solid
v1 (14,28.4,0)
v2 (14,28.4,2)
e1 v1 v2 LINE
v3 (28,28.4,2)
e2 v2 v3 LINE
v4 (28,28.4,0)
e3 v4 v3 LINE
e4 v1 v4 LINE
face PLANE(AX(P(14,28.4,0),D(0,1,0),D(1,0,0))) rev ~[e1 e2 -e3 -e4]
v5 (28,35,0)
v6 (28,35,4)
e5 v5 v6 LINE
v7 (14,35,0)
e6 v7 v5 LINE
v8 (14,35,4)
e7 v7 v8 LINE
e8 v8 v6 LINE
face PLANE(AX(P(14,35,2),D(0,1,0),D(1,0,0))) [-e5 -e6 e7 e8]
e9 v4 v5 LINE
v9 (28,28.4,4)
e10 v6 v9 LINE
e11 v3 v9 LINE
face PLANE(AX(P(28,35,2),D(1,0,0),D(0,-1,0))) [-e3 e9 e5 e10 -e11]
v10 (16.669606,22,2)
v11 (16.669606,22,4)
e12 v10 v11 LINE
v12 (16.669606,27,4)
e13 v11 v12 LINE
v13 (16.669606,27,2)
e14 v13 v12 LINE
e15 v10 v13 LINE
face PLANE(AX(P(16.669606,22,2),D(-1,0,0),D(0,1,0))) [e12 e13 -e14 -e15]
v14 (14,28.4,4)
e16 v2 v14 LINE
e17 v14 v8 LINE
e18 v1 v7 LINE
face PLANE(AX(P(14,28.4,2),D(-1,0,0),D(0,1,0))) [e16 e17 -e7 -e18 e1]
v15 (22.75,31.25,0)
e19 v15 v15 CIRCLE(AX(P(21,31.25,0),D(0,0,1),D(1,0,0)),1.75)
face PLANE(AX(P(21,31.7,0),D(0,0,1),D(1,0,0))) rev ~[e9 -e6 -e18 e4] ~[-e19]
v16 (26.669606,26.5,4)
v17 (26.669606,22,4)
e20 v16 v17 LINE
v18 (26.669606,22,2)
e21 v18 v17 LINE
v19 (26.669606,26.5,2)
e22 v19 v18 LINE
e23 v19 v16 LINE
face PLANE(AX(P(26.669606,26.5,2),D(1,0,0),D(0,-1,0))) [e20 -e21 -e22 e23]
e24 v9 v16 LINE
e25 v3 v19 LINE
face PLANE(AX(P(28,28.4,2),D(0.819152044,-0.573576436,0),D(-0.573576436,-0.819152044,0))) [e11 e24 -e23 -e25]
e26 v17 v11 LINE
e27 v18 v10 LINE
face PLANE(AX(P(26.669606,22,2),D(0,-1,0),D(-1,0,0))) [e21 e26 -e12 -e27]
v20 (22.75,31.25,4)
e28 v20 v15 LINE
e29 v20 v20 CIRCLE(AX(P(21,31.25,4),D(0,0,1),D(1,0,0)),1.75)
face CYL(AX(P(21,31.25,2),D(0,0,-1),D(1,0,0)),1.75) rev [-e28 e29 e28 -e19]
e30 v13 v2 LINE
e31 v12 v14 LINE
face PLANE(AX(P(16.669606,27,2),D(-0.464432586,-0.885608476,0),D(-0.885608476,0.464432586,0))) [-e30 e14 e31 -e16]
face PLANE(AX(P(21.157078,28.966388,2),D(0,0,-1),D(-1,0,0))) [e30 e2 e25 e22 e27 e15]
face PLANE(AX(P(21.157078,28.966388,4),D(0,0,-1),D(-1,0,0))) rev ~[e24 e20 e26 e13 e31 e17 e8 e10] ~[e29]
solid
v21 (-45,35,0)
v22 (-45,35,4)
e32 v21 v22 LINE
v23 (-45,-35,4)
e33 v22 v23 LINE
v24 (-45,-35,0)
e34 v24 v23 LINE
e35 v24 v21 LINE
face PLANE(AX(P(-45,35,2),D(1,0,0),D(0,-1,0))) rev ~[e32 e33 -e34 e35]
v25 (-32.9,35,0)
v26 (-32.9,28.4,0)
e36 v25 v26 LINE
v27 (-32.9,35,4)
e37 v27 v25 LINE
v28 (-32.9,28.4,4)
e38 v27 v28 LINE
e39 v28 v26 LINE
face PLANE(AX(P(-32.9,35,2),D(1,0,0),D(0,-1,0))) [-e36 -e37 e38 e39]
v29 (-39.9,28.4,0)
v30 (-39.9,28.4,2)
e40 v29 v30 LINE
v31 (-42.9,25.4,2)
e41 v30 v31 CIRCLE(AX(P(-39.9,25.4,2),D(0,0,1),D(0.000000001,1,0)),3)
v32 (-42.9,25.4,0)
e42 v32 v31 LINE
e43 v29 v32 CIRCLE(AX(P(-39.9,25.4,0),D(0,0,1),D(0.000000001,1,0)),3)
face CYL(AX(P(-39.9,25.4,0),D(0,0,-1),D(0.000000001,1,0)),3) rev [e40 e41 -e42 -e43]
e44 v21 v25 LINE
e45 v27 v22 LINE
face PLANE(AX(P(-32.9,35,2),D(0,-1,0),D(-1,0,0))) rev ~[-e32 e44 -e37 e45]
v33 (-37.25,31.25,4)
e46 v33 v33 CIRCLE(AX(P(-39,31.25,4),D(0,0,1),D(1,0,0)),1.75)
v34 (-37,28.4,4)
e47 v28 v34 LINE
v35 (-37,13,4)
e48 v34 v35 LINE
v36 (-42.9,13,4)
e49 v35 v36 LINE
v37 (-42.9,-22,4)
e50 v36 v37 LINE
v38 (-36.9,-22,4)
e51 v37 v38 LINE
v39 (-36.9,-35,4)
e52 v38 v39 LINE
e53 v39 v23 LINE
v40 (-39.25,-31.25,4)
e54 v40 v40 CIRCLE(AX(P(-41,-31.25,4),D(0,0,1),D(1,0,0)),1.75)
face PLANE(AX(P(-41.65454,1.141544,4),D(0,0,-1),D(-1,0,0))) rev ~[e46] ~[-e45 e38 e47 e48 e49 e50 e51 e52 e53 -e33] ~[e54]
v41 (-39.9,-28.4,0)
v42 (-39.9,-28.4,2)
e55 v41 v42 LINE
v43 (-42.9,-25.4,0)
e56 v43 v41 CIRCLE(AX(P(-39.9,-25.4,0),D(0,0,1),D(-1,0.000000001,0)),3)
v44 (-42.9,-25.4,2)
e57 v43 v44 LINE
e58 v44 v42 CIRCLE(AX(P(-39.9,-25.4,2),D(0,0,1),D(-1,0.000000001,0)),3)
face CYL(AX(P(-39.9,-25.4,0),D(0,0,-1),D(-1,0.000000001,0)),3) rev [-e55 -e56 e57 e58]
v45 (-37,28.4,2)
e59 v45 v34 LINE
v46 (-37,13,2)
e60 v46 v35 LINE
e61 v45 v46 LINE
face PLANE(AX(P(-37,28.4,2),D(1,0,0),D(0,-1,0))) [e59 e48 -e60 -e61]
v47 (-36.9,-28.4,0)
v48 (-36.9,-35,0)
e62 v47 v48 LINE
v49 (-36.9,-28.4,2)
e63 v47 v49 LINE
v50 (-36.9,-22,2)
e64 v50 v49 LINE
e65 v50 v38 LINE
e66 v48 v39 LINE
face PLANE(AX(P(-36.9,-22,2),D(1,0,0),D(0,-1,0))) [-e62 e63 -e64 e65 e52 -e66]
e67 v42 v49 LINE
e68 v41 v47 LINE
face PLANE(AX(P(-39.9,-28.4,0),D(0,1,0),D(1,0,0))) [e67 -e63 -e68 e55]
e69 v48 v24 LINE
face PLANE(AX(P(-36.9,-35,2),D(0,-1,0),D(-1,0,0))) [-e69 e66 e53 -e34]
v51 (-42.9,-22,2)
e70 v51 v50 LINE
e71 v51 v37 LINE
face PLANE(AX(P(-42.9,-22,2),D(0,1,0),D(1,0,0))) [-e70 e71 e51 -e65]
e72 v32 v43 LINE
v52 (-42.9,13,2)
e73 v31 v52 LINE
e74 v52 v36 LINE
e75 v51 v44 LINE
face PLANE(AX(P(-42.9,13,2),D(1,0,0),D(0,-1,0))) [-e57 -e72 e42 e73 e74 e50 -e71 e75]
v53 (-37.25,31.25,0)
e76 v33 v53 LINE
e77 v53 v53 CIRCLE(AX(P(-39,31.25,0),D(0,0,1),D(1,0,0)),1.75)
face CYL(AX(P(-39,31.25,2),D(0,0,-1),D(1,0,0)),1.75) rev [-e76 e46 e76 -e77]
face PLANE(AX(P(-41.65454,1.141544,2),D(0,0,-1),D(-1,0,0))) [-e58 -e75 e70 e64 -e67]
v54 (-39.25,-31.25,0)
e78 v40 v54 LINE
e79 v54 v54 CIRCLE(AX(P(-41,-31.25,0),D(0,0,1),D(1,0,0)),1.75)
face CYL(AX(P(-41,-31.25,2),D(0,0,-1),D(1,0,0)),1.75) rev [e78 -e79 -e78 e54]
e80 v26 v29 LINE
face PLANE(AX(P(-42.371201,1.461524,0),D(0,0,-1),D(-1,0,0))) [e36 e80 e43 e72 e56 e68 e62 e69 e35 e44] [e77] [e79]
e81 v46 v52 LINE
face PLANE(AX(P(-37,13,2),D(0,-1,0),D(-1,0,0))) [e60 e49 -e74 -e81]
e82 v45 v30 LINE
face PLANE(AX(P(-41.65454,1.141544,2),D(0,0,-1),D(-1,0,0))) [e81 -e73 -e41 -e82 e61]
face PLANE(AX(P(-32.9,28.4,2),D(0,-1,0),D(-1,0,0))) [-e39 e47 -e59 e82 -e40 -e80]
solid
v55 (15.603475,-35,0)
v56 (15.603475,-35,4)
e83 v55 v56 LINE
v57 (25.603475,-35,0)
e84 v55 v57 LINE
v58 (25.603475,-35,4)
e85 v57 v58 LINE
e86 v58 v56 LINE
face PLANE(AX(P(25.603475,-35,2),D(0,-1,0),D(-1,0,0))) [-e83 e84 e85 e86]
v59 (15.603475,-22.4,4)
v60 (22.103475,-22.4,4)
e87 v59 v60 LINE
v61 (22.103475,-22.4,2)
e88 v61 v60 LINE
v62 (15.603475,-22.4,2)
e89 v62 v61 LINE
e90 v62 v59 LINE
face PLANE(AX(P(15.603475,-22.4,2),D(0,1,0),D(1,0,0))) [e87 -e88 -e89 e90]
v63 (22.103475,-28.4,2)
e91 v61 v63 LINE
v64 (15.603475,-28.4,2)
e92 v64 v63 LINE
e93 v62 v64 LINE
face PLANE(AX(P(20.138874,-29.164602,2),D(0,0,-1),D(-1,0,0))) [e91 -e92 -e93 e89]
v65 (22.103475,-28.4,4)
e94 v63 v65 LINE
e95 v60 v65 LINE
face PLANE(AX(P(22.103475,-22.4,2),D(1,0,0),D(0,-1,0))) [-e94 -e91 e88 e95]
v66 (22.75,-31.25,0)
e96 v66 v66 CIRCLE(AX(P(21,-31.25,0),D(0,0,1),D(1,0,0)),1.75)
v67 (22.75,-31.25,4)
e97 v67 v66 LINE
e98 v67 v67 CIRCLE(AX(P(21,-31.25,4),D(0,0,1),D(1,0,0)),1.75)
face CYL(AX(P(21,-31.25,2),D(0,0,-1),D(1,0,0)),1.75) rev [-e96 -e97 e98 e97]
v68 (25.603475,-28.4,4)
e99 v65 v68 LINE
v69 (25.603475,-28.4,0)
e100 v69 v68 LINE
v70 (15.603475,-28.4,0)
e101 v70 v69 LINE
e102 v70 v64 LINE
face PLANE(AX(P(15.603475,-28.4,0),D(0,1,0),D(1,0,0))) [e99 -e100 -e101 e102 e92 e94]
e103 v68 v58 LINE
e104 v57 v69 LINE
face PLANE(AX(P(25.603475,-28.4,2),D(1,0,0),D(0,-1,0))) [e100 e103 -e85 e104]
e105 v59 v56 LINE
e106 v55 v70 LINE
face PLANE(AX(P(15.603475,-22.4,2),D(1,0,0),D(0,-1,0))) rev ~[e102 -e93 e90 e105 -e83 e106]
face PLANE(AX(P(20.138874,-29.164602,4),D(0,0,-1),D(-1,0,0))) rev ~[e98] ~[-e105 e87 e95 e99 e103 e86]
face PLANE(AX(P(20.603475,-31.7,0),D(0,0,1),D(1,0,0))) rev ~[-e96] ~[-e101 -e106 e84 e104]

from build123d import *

# Parameters (mm, degrees)
SKETCH1_R             = 1.75
BOSS_EXTRUDE1_DEPTH   = 2
SKETCH2_R             = 1.75
BOSS_EXTRUDE2_DEPTH   = 2
SKETCH3_W             = 14
SKETCH3_H             = 6.6
SKETCH3_R             = 1.75
BOSS_EXTRUDE3_DEPTH   = 2
SKETCH3_W_2           = 10
BOSS_EXTRUDE3_2_DEPTH = 2
SKETCH4_R             = 1.75
BOSS_EXTRUDE4_DEPTH   = 2


with BuildPart() as part:
    # Sketch1 → Boss-Extrude1 (new body)
    with BuildSketch(Plane.XY):
        with BuildLine():
            Line((-45, 35), (-42.9, 35))
            Line((-42.9, 35), (-32.9, 35))
            Line((-32.9, 35), (-32.9, 28.4))
            Line((-32.9, 28.4), (-39.9, 28.4))
            ThreePointArc((-39.9, 28.4), (-42.021320344, 27.521320344), (-42.9, 25.4))
            Line((-42.9, 25.4), (-42.9, -25.4))
            ThreePointArc((-42.9, -25.4), (-42.021320344, -27.521320344), (-39.9, -28.4))
            Line((-39.9, -28.4), (-36.9, -28.4))
            Line((-36.9, -28.4), (-36.9, -35))
            Line((-36.9, -35), (-42.9, -35))
            Line((-42.9, -35), (-45, -35))
            Line((-45, -35), (-45, 35))
        make_face()
        with Locations((-39, 31.25)):
            Circle(SKETCH1_R, mode=Mode.SUBTRACT)
        with Locations((-41, -31.25)):
            Circle(SKETCH1_R, mode=Mode.SUBTRACT)
    extrude(amount=BOSS_EXTRUDE1_DEPTH)

    # Sketch2 → Boss-Extrude2 (add)
    with BuildSketch(Plane.XY.offset(2)):
        Polygon((-45, 35), (-37, 35), (-32.9, 35), (-32.9, 28.4), (-37, 28.4), (-37, 13), (-42.9, 13), (-42.9, -22), (-36.9, -22), (-36.9, -35), (-45, -35), (-45, -22), (-45, 13), align=None)
        with Locations((-41, -31.25)):
            Circle(SKETCH2_R, mode=Mode.SUBTRACT)
        with Locations((-39, 31.25)):
            Circle(SKETCH2_R, mode=Mode.SUBTRACT)
    extrude(amount=BOSS_EXTRUDE2_DEPTH)


with BuildPart() as body_2:
    # Sketch3 → Boss-Extrude3 (new body)
    with BuildSketch(Plane.XY):
        with Locations((21, 31.7)):
            Rectangle(SKETCH3_W, SKETCH3_H)
        with Locations((21, 31.25)):
            Circle(SKETCH3_R, mode=Mode.SUBTRACT)
    extrude(amount=BOSS_EXTRUDE3_DEPTH)



with BuildPart() as body_3:
    # Sketch3 → Boss-Extrude3 2 (new body)
    with BuildSketch(Plane.XY):
        with Locations((20.603475334, -31.7)):
            Rectangle(SKETCH3_W_2, SKETCH3_H)
        with Locations((21, -31.25)):
            Circle(SKETCH3_R, mode=Mode.SUBTRACT)
    extrude(amount=BOSS_EXTRUDE3_2_DEPTH)


with BuildPart() as body_2_1:
    add(body_2.part)

    add(body_3.part)  # Boss-Extrude4 merges body 3
    # Sketch4 → Boss-Extrude4 (add)
    # profile 1 of 2: a face of its own
    with BuildSketch(Plane.XY.offset(2)):
        Polygon((28, 35), (28, 28.4), (26.669605677, 26.5), (26.669605677, 22), (16.669605677, 22), (16.669605677, 27), (14, 28.4), (14, 35), align=None)
        with Locations((21, 31.25)):
            Circle(SKETCH4_R, mode=Mode.SUBTRACT)
    # profile 2 of 2: a face of its own
    with BuildSketch(Plane.XY.offset(2)):
        Polygon((15.603475334, -35), (15.603475334, -28.4), (15.603475334, -22.4), (22.103475334, -22.4), (22.103475334, -28.4), (25.603475334, -28.4), (25.603475334, -35), align=None)
        with Locations((21, -31.25)):
            Circle(SKETCH4_R, mode=Mode.SUBTRACT)
    extrude(amount=BOSS_EXTRUDE4_DEPTH)


solid = Compound([part.part, body_2_1.part])
